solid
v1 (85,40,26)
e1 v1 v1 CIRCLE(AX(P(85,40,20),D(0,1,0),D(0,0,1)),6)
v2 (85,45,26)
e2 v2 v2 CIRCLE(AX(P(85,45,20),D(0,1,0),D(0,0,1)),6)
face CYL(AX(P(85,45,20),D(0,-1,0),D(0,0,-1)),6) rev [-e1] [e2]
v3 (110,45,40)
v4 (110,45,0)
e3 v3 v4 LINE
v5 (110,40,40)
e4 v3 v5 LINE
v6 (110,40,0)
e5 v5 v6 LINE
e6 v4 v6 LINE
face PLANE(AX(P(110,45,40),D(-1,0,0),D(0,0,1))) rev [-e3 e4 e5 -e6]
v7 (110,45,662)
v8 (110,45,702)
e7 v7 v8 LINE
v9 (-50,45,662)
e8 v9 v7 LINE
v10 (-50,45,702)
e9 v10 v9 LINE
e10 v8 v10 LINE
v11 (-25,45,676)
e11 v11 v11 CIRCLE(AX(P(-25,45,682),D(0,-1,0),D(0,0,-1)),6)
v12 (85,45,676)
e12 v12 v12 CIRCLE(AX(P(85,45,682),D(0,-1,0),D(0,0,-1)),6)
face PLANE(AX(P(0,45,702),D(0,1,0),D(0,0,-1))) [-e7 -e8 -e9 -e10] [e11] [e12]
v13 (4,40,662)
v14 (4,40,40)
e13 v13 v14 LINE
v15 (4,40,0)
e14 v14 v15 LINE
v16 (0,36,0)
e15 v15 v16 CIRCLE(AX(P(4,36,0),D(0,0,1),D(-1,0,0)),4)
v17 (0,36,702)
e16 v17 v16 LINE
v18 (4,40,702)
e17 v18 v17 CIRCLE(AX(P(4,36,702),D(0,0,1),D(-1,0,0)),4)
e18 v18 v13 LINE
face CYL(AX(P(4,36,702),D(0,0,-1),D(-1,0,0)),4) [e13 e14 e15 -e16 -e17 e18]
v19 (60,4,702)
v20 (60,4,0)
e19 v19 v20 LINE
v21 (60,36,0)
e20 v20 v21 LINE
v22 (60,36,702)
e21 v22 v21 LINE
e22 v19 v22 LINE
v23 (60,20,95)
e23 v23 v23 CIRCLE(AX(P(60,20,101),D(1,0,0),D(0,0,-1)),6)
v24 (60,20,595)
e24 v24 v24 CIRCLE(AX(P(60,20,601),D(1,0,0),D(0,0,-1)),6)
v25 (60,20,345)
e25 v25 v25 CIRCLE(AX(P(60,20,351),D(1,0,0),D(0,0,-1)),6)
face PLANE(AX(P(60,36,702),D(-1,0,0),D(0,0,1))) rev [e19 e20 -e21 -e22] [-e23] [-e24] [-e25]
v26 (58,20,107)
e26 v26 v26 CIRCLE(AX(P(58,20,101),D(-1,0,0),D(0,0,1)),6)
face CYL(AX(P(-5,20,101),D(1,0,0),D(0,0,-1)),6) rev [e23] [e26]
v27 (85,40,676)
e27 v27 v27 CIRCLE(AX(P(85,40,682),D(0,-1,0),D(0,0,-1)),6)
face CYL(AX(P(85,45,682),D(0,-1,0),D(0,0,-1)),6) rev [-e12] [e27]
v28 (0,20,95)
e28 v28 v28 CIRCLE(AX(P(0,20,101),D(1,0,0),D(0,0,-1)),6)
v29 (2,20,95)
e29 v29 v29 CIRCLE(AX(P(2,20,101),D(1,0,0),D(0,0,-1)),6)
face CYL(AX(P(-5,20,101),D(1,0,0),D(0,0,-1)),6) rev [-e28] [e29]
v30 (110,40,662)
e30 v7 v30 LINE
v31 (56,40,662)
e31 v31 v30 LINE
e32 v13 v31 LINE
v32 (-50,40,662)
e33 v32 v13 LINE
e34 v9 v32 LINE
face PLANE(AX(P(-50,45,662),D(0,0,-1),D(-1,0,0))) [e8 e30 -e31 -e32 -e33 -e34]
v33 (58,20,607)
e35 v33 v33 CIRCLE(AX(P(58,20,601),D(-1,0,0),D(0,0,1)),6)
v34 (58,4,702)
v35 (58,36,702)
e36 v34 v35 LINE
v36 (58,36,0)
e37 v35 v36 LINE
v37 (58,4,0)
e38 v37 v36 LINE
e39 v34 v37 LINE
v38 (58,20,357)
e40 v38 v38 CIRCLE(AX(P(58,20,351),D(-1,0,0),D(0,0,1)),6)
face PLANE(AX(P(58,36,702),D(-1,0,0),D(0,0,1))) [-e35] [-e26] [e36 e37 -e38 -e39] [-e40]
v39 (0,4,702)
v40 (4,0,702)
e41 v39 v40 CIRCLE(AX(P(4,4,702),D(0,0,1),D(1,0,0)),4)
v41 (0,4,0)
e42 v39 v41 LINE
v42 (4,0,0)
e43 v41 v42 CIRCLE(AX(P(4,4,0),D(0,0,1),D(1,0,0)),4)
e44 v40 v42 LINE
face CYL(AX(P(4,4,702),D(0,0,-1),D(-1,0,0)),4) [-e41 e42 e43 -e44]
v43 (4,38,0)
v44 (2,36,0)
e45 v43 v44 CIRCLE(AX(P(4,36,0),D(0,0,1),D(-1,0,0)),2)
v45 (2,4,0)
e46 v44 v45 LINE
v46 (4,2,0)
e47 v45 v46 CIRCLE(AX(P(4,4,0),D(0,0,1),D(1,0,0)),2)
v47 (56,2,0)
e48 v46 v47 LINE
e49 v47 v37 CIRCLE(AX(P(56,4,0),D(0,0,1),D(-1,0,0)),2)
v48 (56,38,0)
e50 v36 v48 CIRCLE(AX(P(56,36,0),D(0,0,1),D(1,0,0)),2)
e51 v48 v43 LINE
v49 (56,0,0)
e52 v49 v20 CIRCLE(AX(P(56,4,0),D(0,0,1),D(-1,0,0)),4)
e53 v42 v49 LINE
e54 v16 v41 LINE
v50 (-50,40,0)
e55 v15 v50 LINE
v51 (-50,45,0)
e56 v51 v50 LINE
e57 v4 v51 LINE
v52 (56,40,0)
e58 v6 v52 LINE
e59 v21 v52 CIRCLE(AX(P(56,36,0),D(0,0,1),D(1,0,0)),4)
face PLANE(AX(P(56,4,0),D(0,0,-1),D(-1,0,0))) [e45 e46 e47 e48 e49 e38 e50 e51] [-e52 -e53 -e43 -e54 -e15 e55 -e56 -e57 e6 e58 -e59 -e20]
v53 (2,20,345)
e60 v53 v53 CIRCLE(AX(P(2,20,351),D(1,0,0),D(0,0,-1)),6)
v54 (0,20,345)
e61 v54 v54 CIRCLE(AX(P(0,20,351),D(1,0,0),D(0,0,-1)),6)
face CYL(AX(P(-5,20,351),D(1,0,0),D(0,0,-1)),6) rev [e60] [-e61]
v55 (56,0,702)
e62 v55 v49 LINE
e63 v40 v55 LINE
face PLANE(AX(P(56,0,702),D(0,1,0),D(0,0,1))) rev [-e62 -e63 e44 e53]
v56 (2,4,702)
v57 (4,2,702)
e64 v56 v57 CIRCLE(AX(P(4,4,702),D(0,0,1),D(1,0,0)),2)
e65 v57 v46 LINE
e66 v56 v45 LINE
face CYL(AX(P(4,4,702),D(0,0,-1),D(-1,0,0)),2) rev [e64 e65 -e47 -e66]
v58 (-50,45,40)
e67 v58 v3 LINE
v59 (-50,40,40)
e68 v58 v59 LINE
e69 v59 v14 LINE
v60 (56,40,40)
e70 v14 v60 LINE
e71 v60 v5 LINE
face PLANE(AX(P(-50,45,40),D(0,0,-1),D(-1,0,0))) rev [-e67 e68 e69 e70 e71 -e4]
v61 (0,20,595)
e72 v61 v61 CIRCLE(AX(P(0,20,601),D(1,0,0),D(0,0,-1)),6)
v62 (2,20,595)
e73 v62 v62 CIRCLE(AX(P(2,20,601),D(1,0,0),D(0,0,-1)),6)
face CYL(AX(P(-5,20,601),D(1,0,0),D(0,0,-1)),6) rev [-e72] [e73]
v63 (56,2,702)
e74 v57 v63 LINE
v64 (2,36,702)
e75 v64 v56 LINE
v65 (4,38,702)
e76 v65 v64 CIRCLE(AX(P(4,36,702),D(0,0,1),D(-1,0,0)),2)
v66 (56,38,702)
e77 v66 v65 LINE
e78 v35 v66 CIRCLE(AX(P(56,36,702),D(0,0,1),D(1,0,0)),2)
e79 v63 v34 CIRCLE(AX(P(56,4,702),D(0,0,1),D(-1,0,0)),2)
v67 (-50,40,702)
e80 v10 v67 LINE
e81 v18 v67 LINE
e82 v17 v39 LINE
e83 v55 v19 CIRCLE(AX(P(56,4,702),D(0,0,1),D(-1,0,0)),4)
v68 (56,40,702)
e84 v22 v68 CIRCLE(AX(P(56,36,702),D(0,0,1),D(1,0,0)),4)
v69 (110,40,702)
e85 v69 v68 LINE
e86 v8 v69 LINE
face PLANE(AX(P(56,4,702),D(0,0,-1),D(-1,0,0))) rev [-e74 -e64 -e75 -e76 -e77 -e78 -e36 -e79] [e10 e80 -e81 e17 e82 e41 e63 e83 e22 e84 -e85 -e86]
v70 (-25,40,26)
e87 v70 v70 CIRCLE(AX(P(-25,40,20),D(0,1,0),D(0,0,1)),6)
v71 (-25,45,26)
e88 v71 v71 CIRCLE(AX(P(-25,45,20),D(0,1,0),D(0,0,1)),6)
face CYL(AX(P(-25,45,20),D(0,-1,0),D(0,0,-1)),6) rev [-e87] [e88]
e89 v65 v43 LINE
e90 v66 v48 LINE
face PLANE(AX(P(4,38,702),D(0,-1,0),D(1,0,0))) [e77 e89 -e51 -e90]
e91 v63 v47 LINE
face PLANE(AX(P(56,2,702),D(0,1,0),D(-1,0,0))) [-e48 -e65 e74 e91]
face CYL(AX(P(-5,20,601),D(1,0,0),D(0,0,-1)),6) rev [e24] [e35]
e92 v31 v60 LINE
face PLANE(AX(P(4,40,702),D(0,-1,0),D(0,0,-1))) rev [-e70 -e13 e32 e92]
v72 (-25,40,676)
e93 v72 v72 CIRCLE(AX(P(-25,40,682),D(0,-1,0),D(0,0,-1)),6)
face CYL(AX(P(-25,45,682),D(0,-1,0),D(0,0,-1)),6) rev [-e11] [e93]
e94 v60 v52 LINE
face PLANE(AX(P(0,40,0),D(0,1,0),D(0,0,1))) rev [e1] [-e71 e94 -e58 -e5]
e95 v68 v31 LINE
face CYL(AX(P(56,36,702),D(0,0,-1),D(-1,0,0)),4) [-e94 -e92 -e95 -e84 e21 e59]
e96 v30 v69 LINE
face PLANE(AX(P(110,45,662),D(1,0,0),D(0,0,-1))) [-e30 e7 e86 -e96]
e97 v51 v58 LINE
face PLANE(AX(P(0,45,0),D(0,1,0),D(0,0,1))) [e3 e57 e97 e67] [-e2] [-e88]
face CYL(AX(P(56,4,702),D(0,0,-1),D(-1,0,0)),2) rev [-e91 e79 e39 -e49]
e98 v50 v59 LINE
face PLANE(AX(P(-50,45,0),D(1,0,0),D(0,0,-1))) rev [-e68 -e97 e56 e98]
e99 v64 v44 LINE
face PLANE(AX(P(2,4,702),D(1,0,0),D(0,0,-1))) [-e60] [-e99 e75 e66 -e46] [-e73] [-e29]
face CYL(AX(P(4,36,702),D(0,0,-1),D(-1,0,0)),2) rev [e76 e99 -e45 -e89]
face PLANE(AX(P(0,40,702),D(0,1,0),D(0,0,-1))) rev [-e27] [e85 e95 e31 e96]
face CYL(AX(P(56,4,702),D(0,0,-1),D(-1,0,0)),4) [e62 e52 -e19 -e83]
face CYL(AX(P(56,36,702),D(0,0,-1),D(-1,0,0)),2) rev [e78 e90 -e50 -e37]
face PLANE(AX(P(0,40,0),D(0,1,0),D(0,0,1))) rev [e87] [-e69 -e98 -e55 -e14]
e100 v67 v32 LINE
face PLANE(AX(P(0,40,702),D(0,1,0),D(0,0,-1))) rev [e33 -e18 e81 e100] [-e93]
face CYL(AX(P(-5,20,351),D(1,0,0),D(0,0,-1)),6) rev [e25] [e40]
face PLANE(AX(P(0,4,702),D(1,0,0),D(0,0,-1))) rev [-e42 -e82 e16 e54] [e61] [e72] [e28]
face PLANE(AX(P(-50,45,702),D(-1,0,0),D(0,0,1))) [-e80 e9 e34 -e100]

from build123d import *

# Parameters (mm, degrees)
DODANIE_WYCI_GNI_CIE1_DEPTH = 702
SZKIC2_R                    = 6
DODANIE_WYCI_GNI_CIE2_DEPTH = 5
SZKIC4_R                    = 6
WYTNIJ_WYCI_GNI_CIE1_DEPTH  = 65


with BuildPart() as part:
    # Szkic1 → Dodanie-wyciągnięcie1 (new body)
    with BuildSketch(Plane.XY):
        with BuildLine():
            Line((0, 4), (0, 36))
            ThreePointArc((0, 36), (1.171572875, 38.828427125), (4, 40))
            Line((4, 40), (56, 40))
            ThreePointArc((56, 40), (58.828427125, 38.828427125), (60, 36))
            Line((60, 36), (60, 4))
            ThreePointArc((60, 4), (58.828427125, 1.171572875), (56, 0))
            Line((56, 0), (4, 0))
            ThreePointArc((4, 0), (1.171572875, 1.171572875), (0, 4))
        make_face()
        with BuildLine():
            Line((2, 4), (2, 36))
            ThreePointArc((2, 36), (2.585786438, 37.414213562), (4, 38))
            Line((4, 38), (56, 38))
            ThreePointArc((56, 38), (57.414213562, 37.414213562), (58, 36))
            Line((58, 36), (58, 4))
            ThreePointArc((58, 4), (57.414213562, 2.585786438), (56, 2))
            Line((56, 2), (4, 2))
            ThreePointArc((4, 2), (2.585786438, 2.585786438), (2, 4))
        make_face(mode=Mode.SUBTRACT)
    extrude(amount=DODANIE_WYCI_GNI_CIE1_DEPTH)

    # Szkic2 → Dodanie-wyciągnięcie2 (add)
    with BuildSketch(Plane(origin=(0, 40, 0), x_dir=(1, 0, 0), z_dir=(0, 1, 0))):
        Polygon((0, 0), (-50, 0), (-50, -40), (110, -40), (110, 0), align=None)
        with Locations(Location((-25, -20, 0), (0, 0, 270))):
            Circle(SZKIC2_R, mode=Mode.SUBTRACT)
        with Locations(Location((85, -20, 0), (0, 0, 270))):
            Circle(SZKIC2_R, mode=Mode.SUBTRACT)
    dodanie_wyci_gni_cie2 = extrude(amount=DODANIE_WYCI_GNI_CIE2_DEPTH)

    # Lustro1: Dodanie-wyciągnięcie2 across plane
    add(dodanie_wyci_gni_cie2.mirror(Plane(origin=(0, 0, 351), x_dir=(1, 0, 0), z_dir=(0, 0, -1))))

    # Szkic4 → Wytnij-wyciągnięcie1 (cut)
    with BuildSketch(Plane(origin=(60, 0, 0), x_dir=(0, 0, -1), z_dir=(1, 0, 0))):
        with Locations((-101, 20)):
            Circle(SZKIC4_R)
        with Locations((-351, 20)):
            Circle(SZKIC4_R)
        with Locations((-601, 20)):
            Circle(SZKIC4_R)
    extrude(amount=-WYTNIJ_WYCI_GNI_CIE1_DEPTH, mode=Mode.SUBTRACT)


solid = part.part
